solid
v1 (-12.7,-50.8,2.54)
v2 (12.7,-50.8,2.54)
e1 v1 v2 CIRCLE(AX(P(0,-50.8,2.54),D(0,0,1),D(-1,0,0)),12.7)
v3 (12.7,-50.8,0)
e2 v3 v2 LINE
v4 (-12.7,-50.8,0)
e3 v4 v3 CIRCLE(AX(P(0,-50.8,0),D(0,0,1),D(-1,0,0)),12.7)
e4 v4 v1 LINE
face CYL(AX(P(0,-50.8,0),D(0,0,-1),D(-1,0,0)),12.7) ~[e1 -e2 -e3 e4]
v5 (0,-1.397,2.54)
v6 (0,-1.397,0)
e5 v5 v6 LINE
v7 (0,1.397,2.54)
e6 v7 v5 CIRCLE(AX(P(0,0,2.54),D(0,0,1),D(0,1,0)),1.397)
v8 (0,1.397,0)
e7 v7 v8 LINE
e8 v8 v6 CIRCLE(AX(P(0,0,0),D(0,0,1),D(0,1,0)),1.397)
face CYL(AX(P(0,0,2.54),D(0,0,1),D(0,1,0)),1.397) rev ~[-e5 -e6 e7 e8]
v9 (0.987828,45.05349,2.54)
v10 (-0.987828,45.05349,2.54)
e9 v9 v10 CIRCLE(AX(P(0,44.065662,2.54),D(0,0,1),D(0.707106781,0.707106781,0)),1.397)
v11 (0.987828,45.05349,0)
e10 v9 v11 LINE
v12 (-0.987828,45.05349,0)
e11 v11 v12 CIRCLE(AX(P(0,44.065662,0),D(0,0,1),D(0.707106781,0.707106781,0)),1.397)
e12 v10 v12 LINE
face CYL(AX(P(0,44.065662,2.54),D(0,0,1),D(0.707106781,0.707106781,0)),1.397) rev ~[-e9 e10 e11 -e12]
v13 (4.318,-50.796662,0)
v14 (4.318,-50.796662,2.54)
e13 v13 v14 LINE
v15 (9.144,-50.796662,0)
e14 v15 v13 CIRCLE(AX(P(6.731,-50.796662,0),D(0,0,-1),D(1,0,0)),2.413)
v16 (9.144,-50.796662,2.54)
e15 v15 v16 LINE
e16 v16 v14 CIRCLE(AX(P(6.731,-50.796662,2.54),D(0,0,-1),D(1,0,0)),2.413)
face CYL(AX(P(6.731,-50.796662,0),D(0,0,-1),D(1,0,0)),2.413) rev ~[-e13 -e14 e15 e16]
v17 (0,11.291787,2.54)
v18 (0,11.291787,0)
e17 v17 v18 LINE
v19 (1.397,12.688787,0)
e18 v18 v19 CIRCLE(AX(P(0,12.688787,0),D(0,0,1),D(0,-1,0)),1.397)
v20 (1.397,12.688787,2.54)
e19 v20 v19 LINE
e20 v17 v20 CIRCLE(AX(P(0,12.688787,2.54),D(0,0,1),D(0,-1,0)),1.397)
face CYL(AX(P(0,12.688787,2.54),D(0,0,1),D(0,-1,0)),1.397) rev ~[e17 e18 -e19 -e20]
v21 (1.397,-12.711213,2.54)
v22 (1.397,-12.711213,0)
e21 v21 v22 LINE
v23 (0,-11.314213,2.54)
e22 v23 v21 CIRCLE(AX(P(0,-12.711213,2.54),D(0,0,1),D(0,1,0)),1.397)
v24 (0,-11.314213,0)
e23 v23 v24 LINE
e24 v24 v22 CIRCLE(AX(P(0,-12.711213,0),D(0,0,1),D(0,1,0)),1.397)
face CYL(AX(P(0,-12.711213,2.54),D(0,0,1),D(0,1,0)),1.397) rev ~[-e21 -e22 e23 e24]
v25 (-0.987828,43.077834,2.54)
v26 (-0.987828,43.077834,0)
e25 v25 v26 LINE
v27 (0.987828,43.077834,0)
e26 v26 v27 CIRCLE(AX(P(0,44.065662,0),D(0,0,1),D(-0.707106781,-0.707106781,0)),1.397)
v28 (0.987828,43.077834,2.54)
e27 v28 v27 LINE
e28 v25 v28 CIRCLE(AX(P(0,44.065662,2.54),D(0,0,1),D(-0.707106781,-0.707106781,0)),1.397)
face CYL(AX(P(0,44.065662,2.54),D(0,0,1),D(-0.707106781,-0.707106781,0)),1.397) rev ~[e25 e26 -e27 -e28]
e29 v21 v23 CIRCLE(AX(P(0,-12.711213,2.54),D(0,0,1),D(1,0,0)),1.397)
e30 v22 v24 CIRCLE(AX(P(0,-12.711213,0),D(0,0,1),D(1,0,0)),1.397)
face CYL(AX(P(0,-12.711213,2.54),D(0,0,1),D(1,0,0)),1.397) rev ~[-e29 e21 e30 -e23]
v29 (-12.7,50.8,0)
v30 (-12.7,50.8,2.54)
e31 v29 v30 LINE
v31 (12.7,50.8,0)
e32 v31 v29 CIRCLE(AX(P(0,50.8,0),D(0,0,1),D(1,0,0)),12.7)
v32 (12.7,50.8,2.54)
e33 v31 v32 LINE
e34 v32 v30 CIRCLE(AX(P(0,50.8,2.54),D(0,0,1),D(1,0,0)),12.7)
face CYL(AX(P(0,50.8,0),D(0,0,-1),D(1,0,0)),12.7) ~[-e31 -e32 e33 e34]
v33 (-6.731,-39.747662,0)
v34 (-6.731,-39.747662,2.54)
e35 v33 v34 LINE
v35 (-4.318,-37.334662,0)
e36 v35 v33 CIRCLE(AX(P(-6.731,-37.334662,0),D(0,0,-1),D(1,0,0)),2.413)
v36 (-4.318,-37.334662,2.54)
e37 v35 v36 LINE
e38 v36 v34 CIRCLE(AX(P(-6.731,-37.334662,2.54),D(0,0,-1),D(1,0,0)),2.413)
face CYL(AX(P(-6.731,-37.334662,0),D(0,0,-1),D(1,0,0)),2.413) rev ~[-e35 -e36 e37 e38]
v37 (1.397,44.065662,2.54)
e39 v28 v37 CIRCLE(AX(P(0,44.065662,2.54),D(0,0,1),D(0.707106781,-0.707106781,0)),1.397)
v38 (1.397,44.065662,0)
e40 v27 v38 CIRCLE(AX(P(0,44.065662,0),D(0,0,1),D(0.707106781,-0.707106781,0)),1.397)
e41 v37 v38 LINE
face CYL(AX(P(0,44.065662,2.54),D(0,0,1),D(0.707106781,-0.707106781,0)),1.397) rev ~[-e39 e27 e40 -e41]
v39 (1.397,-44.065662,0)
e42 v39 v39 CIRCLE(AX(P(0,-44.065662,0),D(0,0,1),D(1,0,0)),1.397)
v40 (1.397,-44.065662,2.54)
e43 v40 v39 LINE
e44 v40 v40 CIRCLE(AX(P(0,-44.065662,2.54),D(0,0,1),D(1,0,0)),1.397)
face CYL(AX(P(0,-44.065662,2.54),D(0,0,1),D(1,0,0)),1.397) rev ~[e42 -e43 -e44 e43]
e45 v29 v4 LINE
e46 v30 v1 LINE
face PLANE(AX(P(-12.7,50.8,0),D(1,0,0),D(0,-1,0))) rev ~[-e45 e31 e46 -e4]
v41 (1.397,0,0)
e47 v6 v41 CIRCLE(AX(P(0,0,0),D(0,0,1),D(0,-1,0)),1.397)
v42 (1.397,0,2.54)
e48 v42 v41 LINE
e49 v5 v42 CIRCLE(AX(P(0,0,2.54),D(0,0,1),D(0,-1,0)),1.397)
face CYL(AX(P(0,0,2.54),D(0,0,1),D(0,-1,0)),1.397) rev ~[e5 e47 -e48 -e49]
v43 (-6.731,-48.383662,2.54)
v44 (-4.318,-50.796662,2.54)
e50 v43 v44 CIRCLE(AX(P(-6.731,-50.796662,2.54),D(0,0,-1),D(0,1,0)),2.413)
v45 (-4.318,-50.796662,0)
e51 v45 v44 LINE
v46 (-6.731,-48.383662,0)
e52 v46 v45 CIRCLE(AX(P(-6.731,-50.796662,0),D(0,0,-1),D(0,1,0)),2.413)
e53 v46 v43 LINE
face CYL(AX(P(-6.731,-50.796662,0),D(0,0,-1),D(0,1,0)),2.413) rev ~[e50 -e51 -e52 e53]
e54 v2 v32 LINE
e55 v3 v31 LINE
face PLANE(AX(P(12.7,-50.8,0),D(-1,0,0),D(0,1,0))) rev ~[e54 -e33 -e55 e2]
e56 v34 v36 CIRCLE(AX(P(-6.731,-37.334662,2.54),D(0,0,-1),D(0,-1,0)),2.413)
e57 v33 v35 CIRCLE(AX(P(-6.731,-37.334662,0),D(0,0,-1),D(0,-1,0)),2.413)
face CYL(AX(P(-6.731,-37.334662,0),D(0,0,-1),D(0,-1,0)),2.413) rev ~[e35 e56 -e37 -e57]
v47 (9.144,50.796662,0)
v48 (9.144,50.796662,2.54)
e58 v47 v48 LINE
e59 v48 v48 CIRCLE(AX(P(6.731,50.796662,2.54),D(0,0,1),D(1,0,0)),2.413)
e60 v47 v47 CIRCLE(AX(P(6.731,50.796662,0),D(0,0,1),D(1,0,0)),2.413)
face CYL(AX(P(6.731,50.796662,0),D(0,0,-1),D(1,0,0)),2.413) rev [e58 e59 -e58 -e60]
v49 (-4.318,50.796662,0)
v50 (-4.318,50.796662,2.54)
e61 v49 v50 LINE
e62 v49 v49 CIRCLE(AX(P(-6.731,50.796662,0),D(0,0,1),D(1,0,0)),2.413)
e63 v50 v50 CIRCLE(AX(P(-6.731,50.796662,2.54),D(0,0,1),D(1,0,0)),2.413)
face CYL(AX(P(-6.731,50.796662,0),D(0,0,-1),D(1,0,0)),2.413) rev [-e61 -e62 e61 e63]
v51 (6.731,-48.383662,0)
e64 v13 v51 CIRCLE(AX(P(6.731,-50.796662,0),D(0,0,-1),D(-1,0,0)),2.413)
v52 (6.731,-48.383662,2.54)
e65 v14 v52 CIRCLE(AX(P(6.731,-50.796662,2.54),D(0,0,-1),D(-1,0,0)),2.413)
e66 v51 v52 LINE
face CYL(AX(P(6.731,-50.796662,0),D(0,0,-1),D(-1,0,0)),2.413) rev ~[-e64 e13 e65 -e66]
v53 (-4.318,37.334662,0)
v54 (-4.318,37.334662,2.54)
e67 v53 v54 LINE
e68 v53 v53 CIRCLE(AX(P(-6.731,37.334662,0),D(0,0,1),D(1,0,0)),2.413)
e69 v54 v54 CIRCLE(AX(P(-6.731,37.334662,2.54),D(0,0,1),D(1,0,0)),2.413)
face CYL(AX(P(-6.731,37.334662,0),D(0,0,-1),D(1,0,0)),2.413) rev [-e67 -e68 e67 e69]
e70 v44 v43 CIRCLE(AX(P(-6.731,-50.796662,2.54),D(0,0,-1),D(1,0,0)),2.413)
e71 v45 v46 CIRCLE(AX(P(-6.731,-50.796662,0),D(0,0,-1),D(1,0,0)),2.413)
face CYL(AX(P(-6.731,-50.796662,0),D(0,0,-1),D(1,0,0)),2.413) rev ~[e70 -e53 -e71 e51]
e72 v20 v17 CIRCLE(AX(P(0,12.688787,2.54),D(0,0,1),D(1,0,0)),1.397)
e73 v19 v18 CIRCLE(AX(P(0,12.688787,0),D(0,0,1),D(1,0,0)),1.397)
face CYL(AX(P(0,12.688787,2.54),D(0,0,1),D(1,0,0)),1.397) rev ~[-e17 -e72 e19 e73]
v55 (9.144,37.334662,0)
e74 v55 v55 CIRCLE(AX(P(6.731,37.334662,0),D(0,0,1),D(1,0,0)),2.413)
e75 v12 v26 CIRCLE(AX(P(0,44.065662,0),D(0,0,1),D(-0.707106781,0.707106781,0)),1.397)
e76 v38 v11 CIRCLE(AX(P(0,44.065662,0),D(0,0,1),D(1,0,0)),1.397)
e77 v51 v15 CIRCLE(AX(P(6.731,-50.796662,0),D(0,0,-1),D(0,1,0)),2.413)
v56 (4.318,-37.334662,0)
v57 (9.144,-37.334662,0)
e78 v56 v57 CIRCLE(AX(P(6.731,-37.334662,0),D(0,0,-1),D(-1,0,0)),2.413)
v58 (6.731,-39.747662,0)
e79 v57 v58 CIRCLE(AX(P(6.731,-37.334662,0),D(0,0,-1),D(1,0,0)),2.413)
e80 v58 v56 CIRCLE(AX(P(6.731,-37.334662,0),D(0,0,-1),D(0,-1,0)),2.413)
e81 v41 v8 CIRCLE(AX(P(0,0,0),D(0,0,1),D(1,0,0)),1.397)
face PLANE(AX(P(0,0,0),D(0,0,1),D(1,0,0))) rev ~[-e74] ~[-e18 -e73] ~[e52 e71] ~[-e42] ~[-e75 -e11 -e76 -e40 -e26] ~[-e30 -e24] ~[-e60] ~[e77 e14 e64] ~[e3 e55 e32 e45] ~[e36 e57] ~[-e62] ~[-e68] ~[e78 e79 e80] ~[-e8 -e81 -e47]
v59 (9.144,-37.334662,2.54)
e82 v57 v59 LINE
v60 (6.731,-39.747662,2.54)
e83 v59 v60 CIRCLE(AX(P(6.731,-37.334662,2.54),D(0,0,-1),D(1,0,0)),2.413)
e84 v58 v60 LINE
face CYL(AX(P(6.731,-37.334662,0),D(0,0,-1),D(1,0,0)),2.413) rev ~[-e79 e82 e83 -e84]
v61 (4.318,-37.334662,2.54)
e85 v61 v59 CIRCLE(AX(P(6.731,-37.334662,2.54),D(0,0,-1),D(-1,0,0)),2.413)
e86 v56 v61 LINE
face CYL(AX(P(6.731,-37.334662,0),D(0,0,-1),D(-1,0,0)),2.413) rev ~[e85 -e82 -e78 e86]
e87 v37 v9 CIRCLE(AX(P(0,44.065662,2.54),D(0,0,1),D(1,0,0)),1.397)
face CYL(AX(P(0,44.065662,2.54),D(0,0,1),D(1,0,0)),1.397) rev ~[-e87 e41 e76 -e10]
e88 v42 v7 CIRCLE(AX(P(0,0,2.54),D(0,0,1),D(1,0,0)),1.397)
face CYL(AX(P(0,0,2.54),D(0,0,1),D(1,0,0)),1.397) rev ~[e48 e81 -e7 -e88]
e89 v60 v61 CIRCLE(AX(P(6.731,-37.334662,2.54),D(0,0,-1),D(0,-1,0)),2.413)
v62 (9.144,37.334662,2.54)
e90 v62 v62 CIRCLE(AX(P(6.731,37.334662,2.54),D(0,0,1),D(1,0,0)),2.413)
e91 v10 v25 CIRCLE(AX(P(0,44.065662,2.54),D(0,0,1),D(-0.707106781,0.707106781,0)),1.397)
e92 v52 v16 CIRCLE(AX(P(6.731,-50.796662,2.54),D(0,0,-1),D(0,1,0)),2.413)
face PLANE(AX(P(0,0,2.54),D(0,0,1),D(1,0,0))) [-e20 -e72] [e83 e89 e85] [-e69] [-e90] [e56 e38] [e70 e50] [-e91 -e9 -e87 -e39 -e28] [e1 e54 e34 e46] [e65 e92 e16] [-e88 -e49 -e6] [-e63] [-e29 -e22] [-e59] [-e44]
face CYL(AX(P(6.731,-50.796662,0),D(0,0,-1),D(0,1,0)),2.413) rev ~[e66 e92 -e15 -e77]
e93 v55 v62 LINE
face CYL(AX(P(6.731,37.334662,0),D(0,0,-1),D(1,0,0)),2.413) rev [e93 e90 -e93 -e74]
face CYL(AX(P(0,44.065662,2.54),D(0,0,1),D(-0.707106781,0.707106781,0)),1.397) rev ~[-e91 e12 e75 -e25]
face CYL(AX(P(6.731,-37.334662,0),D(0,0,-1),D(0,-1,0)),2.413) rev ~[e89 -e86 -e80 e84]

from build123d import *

# Parameters (mm, degrees)
F0_R     = 2.413
F1_DEPTH = 2.54
F2_R     = 1.397
F3_DEPTH = 2.541


with BuildPart() as f1:
    # F0 (on Top) → F1 (new body)
    with BuildSketch(Plane.XY):
        with BuildLine():
            Line((12.7, -50.8), (12.7, 50.8))
            ThreePointArc((12.7, 50.8), (0, 63.5), (-12.7, 50.8))
            Line((-12.7, 50.8), (-12.7, -50.8))
            ThreePointArc((-12.7, -50.8), (0, -63.5), (12.7, -50.8))
        make_face()
        with BuildLine():
            Line((4.318, -50.7966617284), (-4.318, -50.7966617284))
            ThreePointArc((-4.318, -50.7966617284), (-8.437248663, -52.5029103914), (-6.731, -48.3836617284))
            Line((-6.731, -48.3836617284), (-6.731, -39.7476617284))
            ThreePointArc((-6.731, -39.7476617284), (-8.437248663, -35.6284130654), (-4.318, -37.3346617284))
            Line((-4.318, -37.3346617284), (4.318, -37.3346617284))
            ThreePointArc((4.318, -37.3346617284), (6.731, -34.9216617284), (9.144, -37.3346617284))
            ThreePointArc((9.144, -37.3346617284), (8.437248663, -39.0409103914), (6.731, -39.7476617284))
            Line((6.731, -39.7476617284), (6.731, -48.3836617284))
            ThreePointArc((6.731, -48.3836617284), (8.437248663, -49.0904130654), (9.144, -50.7966617284))
            ThreePointArc((9.144, -50.7966617284), (6.731, -53.2096617284), (4.318, -50.7966617284))
        make_face(mode=Mode.SUBTRACT)
        with Locations((-6.731, 37.3346617284)):
            Circle(F0_R, mode=Mode.SUBTRACT)
        with Locations((-6.731, 50.7966617284)):
            Circle(F0_R, mode=Mode.SUBTRACT)
        with Locations((6.731, 37.3346617284)):
            Circle(F0_R, mode=Mode.SUBTRACT)
        with Locations((6.731, 50.7966617284)):
            Circle(F0_R, mode=Mode.SUBTRACT)
        with BuildLine():
            ThreePointArc((-6.731, -48.3836617284), (-5.024751337, -49.0904130654), (-4.318, -50.7966617284))
            Line((-4.318, -50.7966617284), (4.318, -50.7966617284))
            ThreePointArc((4.318, -50.7966617284), (5.024751337, -49.0904130654), (6.731, -48.3836617284))
            Line((6.731, -48.3836617284), (6.731, -39.7476617284))
            ThreePointArc((6.731, -39.7476617284), (5.024751337, -39.0409103914), (4.318, -37.3346617284))
            Line((4.318, -37.3346617284), (-4.318, -37.3346617284))
            ThreePointArc((-4.318, -37.3346617284), (-5.024751337, -39.0409103914), (-6.731, -39.7476617284))
            Line((-6.731, -39.7476617284), (-6.731, -48.3836617284))
        make_face()
    extrude(amount=F1_DEPTH)

    # F2 (on face) → F3 (cut, through all)
    with BuildSketch(Plane.XY.offset(2.54)):
        with BuildLine():
            ThreePointArc((0, -1.397), (0.9878281733, -0.9878281733), (1.397, 0))
            ThreePointArc((1.397, 0), (0.9878281733, 0.9878281733), (0, 1.397))
            Line((0, 1.397), (0, -1.397))
        make_face()
        with BuildLine():
            ThreePointArc((1.397, -12.7112130487), (0.9878281733, -11.7233848754), (0, -11.3142130487))
            ThreePointArc((0, -11.3142130487), (-0.9878281733, -13.699041222), (1.397, -12.7112130487))
        make_face()
        with BuildLine():
            ThreePointArc((1.397, 12.6887869513), (-0.9878281733, 13.6766151246), (0, 11.2917869513))
            ThreePointArc((0, 11.2917869513), (0.9878281733, 11.700958778), (1.397, 12.6887869513))
        make_face()
        with BuildLine():
            Line((0, -1.397), (0, 1.397))
            ThreePointArc((0, 1.397), (-1.397, 0), (0, -1.397))
        make_face()
        with BuildLine():
            ThreePointArc((0.9878281733, 45.0534899017), (0, 45.4626617284), (-0.9878281733, 45.0534899017))
            Line((-0.9878281733, 45.0534899017), (0, 44.0656617284))
            Line((0, 44.0656617284), (0.9878281733, 45.0534899017))
        make_face()
        with BuildLine():
            Line((0, 44.0656617284), (-0.9878281733, 45.0534899017))
            ThreePointArc((-0.9878281733, 45.0534899017), (-1.397, 44.0656617284), (-0.9878281733, 43.0778335551))
            Line((-0.9878281733, 43.0778335551), (0, 44.0656617284))
        make_face()
        with BuildLine():
            Line((0.9878281733, 45.0534899017), (0, 44.0656617284))
            Line((0, 44.0656617284), (0.9878281733, 43.0778335551))
            ThreePointArc((0.9878281733, 43.0778335551), (1.2906597069, 43.5310529734), (1.397, 44.0656617284))
            ThreePointArc((1.397, 44.0656617284), (1.2906597069, 44.6002704834), (0.9878281733, 45.0534899017))
        make_face()
        with BuildLine():
            Line((0.9878281733, 43.0778335551), (0, 44.0656617284))
            Line((0, 44.0656617284), (-0.9878281733, 43.0778335551))
            ThreePointArc((-0.9878281733, 43.0778335551), (0, 42.6686617284), (0.9878281733, 43.0778335551))
        make_face()
        with Locations((0, -44.0656617284)):
            Circle(F2_R)
    extrude(amount=-F3_DEPTH, mode=Mode.SUBTRACT)


solid = f1.part
